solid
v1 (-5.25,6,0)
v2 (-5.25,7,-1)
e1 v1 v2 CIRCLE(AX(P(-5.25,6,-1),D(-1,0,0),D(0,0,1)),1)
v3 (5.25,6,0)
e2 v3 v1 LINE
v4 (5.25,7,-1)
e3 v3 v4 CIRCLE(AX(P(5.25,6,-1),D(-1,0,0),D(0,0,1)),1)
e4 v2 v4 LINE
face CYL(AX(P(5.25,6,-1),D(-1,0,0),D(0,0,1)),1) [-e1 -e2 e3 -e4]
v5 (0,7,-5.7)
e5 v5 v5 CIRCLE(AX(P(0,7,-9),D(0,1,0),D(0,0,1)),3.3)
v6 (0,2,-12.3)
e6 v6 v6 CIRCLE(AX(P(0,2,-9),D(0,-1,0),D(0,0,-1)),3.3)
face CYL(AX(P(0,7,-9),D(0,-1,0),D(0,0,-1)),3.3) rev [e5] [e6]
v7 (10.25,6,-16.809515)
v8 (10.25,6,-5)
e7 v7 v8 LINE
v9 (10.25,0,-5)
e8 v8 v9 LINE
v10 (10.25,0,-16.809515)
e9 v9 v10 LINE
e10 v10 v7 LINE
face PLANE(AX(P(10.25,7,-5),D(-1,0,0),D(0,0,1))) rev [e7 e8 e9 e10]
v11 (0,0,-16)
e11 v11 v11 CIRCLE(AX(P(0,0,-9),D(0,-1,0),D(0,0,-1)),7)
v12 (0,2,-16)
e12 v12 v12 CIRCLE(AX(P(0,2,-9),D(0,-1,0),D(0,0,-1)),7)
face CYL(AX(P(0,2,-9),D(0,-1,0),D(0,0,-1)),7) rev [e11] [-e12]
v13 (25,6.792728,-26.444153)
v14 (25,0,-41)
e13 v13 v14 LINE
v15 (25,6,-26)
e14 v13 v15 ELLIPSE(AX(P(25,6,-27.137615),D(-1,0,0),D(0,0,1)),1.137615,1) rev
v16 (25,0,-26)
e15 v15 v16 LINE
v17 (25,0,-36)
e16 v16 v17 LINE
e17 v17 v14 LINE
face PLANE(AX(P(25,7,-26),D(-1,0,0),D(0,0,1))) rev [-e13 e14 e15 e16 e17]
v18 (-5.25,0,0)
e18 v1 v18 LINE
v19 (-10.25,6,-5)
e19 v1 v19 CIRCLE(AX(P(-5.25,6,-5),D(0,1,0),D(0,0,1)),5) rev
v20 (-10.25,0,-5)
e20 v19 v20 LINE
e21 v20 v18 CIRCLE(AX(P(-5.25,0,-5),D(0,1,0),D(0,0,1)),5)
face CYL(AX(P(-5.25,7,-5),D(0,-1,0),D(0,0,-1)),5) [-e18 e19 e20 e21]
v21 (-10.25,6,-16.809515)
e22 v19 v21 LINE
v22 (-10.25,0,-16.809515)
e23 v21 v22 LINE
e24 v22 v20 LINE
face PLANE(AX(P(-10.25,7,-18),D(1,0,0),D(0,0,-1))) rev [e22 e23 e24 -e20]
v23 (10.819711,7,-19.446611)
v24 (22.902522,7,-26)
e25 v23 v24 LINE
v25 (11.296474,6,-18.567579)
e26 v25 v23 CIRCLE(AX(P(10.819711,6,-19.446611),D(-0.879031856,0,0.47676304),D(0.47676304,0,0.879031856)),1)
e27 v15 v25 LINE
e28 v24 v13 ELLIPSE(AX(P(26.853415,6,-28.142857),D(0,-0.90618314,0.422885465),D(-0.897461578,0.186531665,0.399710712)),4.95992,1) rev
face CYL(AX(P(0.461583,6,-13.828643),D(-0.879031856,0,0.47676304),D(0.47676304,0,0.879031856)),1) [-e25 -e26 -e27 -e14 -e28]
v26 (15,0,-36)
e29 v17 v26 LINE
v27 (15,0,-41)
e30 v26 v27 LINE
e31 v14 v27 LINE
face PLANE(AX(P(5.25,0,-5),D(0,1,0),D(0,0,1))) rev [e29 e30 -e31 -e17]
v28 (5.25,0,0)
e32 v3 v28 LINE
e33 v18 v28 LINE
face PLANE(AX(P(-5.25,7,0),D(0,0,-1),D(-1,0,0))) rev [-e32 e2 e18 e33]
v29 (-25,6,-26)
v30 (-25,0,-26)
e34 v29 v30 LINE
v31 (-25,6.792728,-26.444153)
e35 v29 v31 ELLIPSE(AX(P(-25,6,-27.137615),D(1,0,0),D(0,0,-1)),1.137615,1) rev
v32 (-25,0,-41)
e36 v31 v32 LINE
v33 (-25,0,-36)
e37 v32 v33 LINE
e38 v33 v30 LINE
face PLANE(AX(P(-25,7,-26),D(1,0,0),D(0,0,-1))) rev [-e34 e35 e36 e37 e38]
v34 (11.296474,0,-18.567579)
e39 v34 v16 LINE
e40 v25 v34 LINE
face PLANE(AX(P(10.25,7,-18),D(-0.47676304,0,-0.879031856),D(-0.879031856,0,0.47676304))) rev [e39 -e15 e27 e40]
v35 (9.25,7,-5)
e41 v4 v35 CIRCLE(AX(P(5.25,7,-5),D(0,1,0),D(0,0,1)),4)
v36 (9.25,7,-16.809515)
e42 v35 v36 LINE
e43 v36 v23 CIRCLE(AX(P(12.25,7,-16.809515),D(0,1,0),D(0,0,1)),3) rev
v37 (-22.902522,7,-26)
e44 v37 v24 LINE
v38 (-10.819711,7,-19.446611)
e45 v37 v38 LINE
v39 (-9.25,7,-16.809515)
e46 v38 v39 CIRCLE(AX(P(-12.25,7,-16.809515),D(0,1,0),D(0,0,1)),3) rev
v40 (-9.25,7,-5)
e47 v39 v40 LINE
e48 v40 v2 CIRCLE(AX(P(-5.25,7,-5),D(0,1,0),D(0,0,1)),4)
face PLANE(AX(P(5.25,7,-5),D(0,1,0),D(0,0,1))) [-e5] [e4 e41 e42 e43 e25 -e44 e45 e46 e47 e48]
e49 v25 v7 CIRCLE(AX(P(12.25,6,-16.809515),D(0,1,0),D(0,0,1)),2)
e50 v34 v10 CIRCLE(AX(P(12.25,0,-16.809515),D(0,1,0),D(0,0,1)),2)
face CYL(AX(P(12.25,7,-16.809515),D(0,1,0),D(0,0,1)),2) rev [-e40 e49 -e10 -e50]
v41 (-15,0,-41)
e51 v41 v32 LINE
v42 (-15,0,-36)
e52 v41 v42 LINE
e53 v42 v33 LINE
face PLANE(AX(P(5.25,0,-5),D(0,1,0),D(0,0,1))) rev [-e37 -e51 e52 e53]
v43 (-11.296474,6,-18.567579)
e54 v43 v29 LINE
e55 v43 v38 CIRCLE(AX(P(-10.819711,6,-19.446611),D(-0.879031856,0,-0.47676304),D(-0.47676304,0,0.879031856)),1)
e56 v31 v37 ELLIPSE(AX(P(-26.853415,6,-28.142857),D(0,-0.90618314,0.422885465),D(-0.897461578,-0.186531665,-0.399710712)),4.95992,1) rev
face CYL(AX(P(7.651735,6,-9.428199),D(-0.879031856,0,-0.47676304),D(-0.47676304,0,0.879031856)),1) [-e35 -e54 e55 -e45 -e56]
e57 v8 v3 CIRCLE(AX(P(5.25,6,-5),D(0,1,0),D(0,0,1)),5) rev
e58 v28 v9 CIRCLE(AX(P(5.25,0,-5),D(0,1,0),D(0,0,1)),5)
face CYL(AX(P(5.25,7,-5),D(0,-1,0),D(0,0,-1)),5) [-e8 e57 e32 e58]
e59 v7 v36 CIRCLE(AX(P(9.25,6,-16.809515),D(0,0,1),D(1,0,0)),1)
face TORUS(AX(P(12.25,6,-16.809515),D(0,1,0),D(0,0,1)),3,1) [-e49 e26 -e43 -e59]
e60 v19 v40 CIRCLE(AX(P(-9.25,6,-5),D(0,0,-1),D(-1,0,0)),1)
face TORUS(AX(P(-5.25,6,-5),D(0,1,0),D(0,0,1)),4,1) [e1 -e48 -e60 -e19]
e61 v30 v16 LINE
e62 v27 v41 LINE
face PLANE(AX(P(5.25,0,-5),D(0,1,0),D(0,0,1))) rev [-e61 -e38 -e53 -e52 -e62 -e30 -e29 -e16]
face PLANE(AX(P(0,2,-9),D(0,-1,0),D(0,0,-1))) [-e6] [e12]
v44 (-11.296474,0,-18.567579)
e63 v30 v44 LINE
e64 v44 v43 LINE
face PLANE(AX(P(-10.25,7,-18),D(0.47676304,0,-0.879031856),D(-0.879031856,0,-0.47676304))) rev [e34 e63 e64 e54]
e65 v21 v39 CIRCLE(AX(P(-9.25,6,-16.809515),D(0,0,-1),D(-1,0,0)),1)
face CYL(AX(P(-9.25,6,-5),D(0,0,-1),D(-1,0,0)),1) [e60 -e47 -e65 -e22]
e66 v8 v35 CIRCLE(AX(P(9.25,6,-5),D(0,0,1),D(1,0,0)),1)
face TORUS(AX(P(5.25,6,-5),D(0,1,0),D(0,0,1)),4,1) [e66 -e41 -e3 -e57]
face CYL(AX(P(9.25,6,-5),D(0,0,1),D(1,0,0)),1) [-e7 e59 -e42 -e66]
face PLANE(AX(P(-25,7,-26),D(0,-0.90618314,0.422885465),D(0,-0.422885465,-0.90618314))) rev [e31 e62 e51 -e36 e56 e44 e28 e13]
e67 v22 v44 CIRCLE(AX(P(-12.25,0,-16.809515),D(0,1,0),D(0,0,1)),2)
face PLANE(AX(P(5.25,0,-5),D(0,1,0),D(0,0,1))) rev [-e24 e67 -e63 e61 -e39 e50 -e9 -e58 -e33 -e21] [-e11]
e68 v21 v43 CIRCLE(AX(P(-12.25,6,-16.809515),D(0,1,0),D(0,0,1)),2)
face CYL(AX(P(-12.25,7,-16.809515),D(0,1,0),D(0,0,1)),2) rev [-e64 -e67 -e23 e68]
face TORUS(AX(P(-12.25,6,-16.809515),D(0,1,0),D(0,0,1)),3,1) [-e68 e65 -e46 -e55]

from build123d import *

# Parameters (mm, degrees)
SKETCH1_R           = 3.3
BOSS_EXTRUDE1_DEPTH = 7
CUT_EXTRUDE1_DEPTH  = 66.038450166
SKETCH4_R           = 7
CUT_EXTRUDE2_DEPTH  = 2
FILLET1_R           = 2
FILLET2_R           = 1


with BuildPart() as part:
    # Sketch1 → Boss-Extrude1 (new body)
    with BuildSketch(Plane(origin=(0, 0, 0), x_dir=(1, 0, 0), z_dir=(0, 1, 0))):
        with BuildLine():
            Line((10.25, 18), (25, 26))
            Line((25, 26), (25, 41))
            Line((25, 41), (-25, 41))
            Line((-25, 41), (-25, 26))
            Line((-25, 26), (-10.25, 18))
            Line((-10.25, 18), (-10.25, 5))
            ThreePointArc((-10.25, 5), (-8.785533906, 1.464466094), (-5.25, 0))
            Line((-5.25, 0), (0, 0))
            Line((0, 0), (5.25, 0))
            ThreePointArc((5.25, 0), (8.785533906, 1.464466094), (10.25, 5))
            Line((10.25, 5), (10.25, 18))
        make_face()
        with Locations(Location((0, 9, 0), (0, 0, 270))):
            Circle(SKETCH1_R, mode=Mode.SUBTRACT)
    extrude(amount=BOSS_EXTRUDE1_DEPTH)

    # Sketch2 → Cut-Extrude1 (cut, through all)
    with BuildSketch(Plane(origin=(25, 0, 0), x_dir=(0, 0, -1), z_dir=(1, 0, 0))):
        Polygon((26, 7), (41, 0), (41, 7), align=None)
    extrude(amount=-CUT_EXTRUDE1_DEPTH, mode=Mode.SUBTRACT)

    # Sketch4 → Cut-Extrude2 (cut)
    with BuildSketch(Plane.XZ):
        with Locations(Location((0, -9, 0), (0, 0, 270))):
            Circle(SKETCH4_R)
    extrude(amount=-CUT_EXTRUDE2_DEPTH, mode=Mode.SUBTRACT)

    # Fillet1
    fillet1_edges = [part.edges().sort_by_distance(p)[0] for p in [
        (-10.25, 3.5, -18),
        (10.25, 3.5, -18),
    ]]
    fillet(fillet1_edges, radius=FILLET1_R)

    # Fillet2
    fillet2_edges = [part.edges().sort_by_distance(p)[0] for p in [
        (10.25, 7, -10.904757682),
        (-18.14823696, 7, -22.283789537),
        (-8.785533906, 7, -1.464466094),
        (0, 7, 0),
        (18.14823696, 7, -22.283789537),
        (-10.25, 7, -10.904757682),
        (10.531417421, 7, -17.832488442),
        (-10.531417421, 7, -17.832488442),
        (8.785533906, 7, -1.464466094),
    ]]
    fillet(fillet2_edges, radius=FILLET2_R)


solid = part.part
